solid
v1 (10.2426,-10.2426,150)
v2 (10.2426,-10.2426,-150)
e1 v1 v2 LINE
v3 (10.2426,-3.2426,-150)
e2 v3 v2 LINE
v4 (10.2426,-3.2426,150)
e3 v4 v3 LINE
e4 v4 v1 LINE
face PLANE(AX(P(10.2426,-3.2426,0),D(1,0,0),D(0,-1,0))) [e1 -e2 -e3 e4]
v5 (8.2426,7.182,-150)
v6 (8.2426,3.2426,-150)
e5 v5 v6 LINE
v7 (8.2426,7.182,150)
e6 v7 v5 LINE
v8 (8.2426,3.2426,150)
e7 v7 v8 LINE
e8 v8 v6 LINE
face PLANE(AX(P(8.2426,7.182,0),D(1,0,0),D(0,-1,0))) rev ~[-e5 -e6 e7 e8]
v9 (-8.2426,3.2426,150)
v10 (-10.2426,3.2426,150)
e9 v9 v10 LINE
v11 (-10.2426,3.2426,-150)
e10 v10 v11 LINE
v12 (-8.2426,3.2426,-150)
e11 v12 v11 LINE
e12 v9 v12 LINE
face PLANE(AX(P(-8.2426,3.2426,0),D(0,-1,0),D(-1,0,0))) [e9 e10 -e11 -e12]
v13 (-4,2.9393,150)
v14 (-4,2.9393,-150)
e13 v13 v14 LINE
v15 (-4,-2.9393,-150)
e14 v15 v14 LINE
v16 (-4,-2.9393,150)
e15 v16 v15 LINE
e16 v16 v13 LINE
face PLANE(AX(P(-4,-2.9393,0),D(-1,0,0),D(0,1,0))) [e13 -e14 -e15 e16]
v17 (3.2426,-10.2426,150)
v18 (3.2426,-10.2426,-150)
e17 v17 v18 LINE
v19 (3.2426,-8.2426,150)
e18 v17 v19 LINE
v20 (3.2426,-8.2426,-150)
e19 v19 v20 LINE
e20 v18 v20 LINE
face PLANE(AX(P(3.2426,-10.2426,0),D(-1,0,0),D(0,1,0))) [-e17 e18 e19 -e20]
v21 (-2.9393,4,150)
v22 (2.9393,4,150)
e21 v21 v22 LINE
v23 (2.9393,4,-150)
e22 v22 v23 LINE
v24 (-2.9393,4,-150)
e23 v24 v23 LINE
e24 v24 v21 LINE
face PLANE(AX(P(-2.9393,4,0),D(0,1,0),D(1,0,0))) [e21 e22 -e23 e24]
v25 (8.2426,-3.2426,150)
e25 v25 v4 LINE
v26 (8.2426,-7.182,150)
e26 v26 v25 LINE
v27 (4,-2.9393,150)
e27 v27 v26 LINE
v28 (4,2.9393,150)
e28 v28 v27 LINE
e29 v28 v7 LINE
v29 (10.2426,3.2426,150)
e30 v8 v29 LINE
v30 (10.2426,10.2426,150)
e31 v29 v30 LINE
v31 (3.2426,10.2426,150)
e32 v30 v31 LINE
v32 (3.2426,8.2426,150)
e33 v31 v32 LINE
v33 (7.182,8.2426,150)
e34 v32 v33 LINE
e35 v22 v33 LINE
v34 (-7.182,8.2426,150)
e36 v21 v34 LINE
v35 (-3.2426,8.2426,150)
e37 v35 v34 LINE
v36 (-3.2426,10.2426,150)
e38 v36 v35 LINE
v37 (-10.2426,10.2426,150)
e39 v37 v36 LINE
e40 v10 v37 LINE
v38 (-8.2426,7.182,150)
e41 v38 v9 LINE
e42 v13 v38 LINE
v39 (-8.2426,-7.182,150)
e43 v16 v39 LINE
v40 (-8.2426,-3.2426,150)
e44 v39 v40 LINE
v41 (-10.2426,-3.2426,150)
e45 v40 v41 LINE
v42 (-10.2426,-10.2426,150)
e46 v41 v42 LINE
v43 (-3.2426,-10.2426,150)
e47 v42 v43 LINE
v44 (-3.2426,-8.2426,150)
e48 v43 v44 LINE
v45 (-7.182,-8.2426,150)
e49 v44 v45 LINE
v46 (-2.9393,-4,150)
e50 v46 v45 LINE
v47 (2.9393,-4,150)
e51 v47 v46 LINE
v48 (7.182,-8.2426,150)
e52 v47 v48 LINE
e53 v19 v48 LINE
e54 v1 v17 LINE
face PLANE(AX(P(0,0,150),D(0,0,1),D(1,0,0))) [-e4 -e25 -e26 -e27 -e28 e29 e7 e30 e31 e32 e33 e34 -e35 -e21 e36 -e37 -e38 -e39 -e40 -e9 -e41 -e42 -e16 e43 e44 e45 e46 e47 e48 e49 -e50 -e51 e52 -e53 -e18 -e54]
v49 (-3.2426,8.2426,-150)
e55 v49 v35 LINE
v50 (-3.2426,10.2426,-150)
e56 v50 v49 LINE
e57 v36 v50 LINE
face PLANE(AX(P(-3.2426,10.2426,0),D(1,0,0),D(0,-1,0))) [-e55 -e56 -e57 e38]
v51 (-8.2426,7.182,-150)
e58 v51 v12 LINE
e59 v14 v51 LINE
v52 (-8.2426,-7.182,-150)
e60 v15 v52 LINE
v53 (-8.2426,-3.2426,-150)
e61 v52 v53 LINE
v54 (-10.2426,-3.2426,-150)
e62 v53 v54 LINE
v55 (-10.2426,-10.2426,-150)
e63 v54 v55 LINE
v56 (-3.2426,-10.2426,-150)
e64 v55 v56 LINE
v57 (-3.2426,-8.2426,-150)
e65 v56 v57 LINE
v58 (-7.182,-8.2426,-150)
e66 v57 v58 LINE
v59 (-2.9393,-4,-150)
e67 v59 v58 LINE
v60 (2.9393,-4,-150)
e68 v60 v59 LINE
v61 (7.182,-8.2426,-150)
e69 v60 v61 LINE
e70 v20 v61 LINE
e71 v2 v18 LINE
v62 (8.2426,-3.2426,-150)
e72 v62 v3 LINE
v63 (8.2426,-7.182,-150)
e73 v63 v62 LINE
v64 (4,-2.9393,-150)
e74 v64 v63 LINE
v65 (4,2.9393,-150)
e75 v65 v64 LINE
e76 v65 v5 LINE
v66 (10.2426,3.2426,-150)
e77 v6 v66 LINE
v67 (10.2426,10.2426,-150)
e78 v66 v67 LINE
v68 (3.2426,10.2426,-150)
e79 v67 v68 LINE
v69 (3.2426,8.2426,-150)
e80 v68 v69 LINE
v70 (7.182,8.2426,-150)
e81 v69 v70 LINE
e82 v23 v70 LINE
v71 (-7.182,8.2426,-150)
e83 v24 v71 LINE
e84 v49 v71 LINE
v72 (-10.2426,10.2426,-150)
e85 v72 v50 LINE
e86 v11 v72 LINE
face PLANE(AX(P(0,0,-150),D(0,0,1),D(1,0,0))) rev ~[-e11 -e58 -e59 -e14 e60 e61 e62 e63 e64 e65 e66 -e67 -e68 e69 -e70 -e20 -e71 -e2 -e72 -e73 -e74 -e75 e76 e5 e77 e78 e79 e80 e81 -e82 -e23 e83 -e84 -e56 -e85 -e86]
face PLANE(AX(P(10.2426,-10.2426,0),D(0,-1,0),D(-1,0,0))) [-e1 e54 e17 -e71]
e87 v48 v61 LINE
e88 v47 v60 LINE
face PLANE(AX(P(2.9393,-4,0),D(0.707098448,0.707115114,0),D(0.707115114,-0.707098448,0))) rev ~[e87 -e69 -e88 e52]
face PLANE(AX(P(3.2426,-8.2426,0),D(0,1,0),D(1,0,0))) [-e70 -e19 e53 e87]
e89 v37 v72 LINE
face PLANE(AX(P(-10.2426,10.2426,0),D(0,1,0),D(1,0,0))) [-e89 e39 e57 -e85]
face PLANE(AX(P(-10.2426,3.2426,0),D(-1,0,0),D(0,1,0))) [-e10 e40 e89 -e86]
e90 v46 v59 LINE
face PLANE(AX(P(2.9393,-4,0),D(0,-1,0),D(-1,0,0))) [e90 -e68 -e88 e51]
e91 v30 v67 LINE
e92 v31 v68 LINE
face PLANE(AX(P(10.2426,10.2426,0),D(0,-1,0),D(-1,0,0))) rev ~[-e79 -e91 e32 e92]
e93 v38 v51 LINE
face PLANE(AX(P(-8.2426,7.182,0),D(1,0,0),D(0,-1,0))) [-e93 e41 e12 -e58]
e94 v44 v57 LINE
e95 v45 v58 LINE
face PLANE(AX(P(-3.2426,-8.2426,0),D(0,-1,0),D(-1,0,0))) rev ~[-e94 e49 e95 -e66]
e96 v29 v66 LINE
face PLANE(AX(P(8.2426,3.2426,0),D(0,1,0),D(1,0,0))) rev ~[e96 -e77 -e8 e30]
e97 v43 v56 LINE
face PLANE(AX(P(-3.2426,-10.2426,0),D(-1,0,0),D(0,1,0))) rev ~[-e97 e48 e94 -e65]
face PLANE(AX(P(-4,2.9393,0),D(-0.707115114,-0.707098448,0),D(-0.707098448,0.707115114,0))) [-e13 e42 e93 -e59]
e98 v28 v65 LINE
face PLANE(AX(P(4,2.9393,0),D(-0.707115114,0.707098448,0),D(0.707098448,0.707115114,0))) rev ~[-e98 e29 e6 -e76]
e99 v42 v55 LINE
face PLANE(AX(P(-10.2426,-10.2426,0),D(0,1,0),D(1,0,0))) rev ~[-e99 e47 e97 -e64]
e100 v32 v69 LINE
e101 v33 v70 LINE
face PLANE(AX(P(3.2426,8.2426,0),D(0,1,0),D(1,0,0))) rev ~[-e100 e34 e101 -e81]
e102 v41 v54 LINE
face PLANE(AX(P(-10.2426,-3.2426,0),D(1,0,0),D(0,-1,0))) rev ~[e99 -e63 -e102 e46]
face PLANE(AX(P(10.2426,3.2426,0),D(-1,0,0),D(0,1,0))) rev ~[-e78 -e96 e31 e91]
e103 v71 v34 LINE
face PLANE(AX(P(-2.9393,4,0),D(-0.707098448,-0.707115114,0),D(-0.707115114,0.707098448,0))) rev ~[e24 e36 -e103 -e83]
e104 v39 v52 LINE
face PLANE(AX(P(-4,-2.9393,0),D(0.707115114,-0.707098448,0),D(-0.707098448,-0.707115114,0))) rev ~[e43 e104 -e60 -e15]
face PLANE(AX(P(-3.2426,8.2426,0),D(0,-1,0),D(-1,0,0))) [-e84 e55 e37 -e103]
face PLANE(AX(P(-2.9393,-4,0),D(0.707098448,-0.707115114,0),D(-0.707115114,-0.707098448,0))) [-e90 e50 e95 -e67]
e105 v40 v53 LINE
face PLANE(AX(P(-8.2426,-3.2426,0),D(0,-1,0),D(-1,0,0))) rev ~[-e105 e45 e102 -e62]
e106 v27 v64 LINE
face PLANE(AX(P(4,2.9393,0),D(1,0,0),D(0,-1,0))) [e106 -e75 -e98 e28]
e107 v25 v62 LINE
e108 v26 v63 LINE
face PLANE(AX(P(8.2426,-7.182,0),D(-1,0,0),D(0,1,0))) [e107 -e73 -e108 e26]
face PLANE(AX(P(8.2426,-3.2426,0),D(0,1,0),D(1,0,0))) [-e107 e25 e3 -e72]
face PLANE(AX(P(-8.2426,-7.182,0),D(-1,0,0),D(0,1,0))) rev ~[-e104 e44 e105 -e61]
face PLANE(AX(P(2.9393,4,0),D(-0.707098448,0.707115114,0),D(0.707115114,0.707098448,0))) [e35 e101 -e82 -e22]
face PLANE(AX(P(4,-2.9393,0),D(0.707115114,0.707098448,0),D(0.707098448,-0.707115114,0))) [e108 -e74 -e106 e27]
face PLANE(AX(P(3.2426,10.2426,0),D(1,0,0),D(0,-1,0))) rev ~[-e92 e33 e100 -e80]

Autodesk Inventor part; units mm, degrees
ref_plane "YZ Plane" through (0, 0, 0) normal (1, 0, 0) x (0, 1, 0)
ref_plane "XZ Plane" through (0, 0, 0) normal (0, 1, 0) x (-1, 0, 0)
ref_plane "XY Plane" through (0, 0, 0) normal (0, 0, 1) x (1, 0, 0)
sketch "Sketch1" plane through (0, 0, 0) normal (0, 0, 1) x (1, 0, 0)
  line L0 (-2.9393, 4) -> (2.9393, 4)
  line L1 (4, 2.9393) -> (4, -2.9393)
  line L2 (2.9393, -4) -> (-2.9393, -4)
  line L3 (-4, -2.9393) -> (-4, 2.9393)
  line L4 (0, 0) -> (4, -4) construction
  line L5 (-0.5303, -0.5303) -> (-4, -4) construction
  line L6 (5.0607, 4) -> (10, 4) construction
  line L7 (8.2426, 7.182) -> (8.2426, 3.2426)
  line L8 (8.2426, 3.2426) -> (10.2426, 3.2426)
  line L9 (10.2426, 3.2426) -> (10.2426, 10.2426)
  line L10 (10.2426, 10.2426) -> (3.2426, 10.2426)
  line L11 (3.2426, 10.2426) -> (3.2426, 8.2426)
  line L12 (3.2426, 8.2426) -> (7.182, 8.2426)
  line L13 (2.9393, 4) -> (7.182, 8.2426)
  line L14 (4, 2.9393) -> (8.2426, 7.182)
  line L15 (-8.2426, 7.182) -> (-8.2426, 3.2426)
  line L16 (-8.2426, 3.2426) -> (-10.2426, 3.2426)
  line L17 (-10.2426, 3.2426) -> (-10.2426, 10.2426)
  line L18 (-10.2426, 10.2426) -> (-3.2426, 10.2426)
  line L19 (-3.2426, 10.2426) -> (-3.2426, 8.2426)
  line L20 (-3.2426, 8.2426) -> (-7.182, 8.2426)
  line L21 (-2.9393, 4) -> (-7.182, 8.2426)
  line L22 (-4, 2.9393) -> (-8.2426, 7.182)
  line L23 (-2.9393, -4) -> (2.9393, -4)
  line L24 (4, -2.9393) -> (4, 2.9393)
  line L25 (-4, 2.9393) -> (-4, -2.9393)
  line L26 (-4, -4) -> (0, 0) construction
  line L27 (5.0607, -4) -> (10, -4) construction
  line L28 (8.2426, -7.182) -> (8.2426, -3.2426)
  line L29 (8.2426, -3.2426) -> (10.2426, -3.2426)
  line L30 (10.2426, -3.2426) -> (10.2426, -10.2426)
  line L31 (10.2426, -10.2426) -> (3.2426, -10.2426)
  line L32 (3.2426, -10.2426) -> (3.2426, -8.2426)
  line L33 (3.2426, -8.2426) -> (7.182, -8.2426)
  line L34 (2.9393, -4) -> (7.182, -8.2426)
  line L35 (4, -2.9393) -> (8.2426, -7.182)
  line L36 (-3.2426, -10.2426) -> (-3.2426, -8.2426)
  line L37 (-2.9393, -4) -> (-7.182, -8.2426)
  line L38 (-8.2426, -7.182) -> (-8.2426, -3.2426)
  line L39 (-3.2426, -8.2426) -> (-7.182, -8.2426)
  line L40 (-4, -2.9393) -> (-8.2426, -7.182)
  line L41 (-10.2426, -3.2426) -> (-10.2426, -10.2426)
  line L42 (-10.2426, -10.2426) -> (-3.2426, -10.2426)
  line L43 (-8.2426, -3.2426) -> (-10.2426, -3.2426)
  point P0 (0, 0)
  point P1 (-4, 4)
  point P2 (-4, 4)
  dimension "d0" = 8
extrude "Extrusion1" add sketch "Sketch1" along normal mid plane 300
properties part number "front axle"
